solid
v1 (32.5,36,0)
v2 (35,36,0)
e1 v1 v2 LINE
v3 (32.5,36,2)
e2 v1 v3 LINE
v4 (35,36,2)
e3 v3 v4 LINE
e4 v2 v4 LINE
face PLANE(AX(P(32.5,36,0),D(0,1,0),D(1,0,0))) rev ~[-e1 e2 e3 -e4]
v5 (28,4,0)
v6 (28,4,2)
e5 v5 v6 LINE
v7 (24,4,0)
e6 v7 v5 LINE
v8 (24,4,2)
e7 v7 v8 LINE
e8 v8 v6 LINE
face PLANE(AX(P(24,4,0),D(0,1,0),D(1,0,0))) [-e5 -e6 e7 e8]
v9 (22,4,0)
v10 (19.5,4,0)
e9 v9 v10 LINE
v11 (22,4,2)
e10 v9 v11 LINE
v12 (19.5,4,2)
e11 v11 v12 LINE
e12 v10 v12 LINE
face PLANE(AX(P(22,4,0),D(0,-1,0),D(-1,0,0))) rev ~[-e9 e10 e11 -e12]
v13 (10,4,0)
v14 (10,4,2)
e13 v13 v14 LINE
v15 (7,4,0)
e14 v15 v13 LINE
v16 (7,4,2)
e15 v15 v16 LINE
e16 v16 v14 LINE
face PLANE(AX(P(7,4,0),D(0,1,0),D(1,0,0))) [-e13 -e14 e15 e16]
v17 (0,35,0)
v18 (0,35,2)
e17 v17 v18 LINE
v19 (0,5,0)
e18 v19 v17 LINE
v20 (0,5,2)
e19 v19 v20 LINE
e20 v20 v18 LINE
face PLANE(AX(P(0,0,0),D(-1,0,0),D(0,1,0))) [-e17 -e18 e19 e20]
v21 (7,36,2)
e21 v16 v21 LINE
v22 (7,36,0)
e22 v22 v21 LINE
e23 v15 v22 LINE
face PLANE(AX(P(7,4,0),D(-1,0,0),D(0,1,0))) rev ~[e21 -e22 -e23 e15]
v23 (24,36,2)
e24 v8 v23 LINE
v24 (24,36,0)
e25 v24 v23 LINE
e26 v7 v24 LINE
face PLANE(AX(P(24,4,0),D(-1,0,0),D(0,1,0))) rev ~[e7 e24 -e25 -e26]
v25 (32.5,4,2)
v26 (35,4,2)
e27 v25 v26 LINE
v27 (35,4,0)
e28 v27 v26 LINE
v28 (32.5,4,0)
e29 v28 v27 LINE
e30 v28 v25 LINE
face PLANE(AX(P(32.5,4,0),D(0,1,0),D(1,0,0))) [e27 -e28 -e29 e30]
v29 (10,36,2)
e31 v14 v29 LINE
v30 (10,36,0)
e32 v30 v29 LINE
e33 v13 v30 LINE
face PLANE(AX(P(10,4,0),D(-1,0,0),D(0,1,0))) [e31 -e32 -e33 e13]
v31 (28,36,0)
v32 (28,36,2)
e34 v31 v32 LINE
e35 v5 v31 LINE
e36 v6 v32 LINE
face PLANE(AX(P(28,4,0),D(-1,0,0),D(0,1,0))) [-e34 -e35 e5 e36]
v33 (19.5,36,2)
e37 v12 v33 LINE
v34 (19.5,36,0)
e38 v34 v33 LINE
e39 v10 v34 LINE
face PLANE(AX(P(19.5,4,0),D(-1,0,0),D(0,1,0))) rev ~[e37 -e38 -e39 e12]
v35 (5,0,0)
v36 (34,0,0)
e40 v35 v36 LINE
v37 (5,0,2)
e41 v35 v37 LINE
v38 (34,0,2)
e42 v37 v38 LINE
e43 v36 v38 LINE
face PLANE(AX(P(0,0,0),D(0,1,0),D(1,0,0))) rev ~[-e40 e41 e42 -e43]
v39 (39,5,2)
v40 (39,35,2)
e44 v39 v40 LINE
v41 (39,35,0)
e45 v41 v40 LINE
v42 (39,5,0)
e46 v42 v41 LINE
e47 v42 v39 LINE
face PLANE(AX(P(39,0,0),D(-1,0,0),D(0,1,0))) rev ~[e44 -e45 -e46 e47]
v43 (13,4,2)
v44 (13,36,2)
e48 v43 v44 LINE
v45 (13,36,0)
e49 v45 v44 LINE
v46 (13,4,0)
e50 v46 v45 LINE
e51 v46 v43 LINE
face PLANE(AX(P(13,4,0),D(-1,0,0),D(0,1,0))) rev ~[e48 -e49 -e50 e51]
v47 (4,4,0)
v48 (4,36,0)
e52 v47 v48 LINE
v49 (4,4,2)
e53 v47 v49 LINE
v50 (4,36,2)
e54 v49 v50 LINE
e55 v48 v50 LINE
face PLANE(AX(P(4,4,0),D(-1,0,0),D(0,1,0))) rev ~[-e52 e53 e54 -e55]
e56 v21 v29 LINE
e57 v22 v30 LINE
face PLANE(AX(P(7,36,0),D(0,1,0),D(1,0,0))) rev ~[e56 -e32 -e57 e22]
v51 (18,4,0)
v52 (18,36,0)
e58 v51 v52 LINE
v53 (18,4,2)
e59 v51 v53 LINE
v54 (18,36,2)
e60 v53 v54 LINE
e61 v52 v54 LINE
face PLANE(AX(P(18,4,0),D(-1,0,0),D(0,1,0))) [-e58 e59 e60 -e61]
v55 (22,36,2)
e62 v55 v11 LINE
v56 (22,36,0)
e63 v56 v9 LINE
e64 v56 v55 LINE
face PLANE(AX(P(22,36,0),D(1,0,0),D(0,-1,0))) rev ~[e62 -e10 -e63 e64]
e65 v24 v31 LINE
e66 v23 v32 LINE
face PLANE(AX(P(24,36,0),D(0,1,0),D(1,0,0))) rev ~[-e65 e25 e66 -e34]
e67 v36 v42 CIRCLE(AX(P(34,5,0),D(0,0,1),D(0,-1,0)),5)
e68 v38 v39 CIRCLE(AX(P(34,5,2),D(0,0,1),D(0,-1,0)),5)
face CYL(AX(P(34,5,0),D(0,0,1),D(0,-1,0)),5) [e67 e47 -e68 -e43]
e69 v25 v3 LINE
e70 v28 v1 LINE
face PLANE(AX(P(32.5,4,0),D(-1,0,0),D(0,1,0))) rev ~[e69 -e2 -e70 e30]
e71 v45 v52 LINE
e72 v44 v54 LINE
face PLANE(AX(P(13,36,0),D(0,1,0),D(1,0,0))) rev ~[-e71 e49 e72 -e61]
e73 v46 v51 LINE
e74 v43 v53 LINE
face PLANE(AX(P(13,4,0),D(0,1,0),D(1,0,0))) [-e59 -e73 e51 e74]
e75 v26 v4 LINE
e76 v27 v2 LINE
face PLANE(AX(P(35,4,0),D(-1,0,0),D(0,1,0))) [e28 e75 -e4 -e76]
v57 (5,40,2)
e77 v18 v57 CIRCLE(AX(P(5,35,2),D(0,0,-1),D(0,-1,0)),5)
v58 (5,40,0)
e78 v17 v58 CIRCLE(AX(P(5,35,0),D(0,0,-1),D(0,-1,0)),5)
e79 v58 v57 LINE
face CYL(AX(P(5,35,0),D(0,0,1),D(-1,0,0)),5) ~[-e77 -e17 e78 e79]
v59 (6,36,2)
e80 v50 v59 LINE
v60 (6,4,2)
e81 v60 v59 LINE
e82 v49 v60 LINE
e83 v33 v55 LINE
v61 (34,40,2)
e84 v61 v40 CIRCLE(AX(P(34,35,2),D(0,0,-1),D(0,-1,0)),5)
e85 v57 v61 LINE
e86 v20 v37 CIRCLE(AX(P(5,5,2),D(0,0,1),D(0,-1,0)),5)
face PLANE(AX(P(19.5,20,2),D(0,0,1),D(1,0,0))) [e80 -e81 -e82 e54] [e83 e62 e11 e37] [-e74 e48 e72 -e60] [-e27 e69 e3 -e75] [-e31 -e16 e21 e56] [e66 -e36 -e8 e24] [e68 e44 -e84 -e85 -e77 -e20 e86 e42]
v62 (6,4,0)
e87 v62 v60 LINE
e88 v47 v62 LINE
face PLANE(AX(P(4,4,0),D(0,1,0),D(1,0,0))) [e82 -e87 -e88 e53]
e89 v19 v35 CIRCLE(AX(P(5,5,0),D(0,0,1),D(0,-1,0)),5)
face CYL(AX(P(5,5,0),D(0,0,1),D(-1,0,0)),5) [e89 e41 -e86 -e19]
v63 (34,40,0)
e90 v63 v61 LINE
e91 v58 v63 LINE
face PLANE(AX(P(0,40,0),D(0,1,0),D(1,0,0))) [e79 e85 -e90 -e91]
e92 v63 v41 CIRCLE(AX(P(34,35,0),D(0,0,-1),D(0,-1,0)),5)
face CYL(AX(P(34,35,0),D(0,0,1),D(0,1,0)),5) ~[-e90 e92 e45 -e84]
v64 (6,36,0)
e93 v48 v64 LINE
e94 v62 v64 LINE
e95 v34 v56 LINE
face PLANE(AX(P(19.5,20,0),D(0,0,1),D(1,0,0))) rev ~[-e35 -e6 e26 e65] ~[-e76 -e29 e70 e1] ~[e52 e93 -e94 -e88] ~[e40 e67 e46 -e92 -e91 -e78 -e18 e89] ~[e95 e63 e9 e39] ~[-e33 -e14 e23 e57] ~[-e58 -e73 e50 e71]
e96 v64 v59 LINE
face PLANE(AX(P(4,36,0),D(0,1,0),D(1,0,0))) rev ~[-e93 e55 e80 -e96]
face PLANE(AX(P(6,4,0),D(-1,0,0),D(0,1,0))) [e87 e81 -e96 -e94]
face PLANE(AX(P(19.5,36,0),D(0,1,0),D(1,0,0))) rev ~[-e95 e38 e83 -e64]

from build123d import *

# Parameters (mm, degrees)
F0_W     = 39
F0_H     = 40
F0_W_2   = 2
F0_H_2   = 32
F0_W_3   = 3
F0_W_4   = 5
F0_W_5   = 4
F0_W_6   = 2.5
F1_DEPTH = 2
F2_R     = 5


with BuildPart() as f1:
    # F0 (on Top) → F1 (new body)
    with BuildSketch(Plane.XY):
        with Locations((19.5, 20)):
            Rectangle(F0_W, F0_H)
        with Locations((5, 20)):
            Rectangle(F0_W_2, F0_H_2, mode=Mode.SUBTRACT)
        with Locations((8.5, 20)):
            Rectangle(F0_W_3, F0_H_2, mode=Mode.SUBTRACT)
        with Locations((15.5, 20)):
            Rectangle(F0_W_4, F0_H_2, mode=Mode.SUBTRACT)
        Polygon((22, 4), (21, 4), (19.5, 4), (19.5, 36), (21, 36), (22, 36), align=None, mode=Mode.SUBTRACT)
        with Locations((26, 20)):
            Rectangle(F0_W_5, F0_H_2, mode=Mode.SUBTRACT)
        with Locations((33.75, 20)):
            Rectangle(F0_W_6, F0_H_2, mode=Mode.SUBTRACT)
    extrude(amount=F1_DEPTH)

    # F2
    f2_edges = [f1.edges().sort_by_distance(p)[0] for p in [
        (39, 40, 1),
        (39, 0, 1),
        (0, 0, 1),
        (0, 40, 1),
    ]]
    fillet(f2_edges, radius=F2_R)


solid = f1.part
